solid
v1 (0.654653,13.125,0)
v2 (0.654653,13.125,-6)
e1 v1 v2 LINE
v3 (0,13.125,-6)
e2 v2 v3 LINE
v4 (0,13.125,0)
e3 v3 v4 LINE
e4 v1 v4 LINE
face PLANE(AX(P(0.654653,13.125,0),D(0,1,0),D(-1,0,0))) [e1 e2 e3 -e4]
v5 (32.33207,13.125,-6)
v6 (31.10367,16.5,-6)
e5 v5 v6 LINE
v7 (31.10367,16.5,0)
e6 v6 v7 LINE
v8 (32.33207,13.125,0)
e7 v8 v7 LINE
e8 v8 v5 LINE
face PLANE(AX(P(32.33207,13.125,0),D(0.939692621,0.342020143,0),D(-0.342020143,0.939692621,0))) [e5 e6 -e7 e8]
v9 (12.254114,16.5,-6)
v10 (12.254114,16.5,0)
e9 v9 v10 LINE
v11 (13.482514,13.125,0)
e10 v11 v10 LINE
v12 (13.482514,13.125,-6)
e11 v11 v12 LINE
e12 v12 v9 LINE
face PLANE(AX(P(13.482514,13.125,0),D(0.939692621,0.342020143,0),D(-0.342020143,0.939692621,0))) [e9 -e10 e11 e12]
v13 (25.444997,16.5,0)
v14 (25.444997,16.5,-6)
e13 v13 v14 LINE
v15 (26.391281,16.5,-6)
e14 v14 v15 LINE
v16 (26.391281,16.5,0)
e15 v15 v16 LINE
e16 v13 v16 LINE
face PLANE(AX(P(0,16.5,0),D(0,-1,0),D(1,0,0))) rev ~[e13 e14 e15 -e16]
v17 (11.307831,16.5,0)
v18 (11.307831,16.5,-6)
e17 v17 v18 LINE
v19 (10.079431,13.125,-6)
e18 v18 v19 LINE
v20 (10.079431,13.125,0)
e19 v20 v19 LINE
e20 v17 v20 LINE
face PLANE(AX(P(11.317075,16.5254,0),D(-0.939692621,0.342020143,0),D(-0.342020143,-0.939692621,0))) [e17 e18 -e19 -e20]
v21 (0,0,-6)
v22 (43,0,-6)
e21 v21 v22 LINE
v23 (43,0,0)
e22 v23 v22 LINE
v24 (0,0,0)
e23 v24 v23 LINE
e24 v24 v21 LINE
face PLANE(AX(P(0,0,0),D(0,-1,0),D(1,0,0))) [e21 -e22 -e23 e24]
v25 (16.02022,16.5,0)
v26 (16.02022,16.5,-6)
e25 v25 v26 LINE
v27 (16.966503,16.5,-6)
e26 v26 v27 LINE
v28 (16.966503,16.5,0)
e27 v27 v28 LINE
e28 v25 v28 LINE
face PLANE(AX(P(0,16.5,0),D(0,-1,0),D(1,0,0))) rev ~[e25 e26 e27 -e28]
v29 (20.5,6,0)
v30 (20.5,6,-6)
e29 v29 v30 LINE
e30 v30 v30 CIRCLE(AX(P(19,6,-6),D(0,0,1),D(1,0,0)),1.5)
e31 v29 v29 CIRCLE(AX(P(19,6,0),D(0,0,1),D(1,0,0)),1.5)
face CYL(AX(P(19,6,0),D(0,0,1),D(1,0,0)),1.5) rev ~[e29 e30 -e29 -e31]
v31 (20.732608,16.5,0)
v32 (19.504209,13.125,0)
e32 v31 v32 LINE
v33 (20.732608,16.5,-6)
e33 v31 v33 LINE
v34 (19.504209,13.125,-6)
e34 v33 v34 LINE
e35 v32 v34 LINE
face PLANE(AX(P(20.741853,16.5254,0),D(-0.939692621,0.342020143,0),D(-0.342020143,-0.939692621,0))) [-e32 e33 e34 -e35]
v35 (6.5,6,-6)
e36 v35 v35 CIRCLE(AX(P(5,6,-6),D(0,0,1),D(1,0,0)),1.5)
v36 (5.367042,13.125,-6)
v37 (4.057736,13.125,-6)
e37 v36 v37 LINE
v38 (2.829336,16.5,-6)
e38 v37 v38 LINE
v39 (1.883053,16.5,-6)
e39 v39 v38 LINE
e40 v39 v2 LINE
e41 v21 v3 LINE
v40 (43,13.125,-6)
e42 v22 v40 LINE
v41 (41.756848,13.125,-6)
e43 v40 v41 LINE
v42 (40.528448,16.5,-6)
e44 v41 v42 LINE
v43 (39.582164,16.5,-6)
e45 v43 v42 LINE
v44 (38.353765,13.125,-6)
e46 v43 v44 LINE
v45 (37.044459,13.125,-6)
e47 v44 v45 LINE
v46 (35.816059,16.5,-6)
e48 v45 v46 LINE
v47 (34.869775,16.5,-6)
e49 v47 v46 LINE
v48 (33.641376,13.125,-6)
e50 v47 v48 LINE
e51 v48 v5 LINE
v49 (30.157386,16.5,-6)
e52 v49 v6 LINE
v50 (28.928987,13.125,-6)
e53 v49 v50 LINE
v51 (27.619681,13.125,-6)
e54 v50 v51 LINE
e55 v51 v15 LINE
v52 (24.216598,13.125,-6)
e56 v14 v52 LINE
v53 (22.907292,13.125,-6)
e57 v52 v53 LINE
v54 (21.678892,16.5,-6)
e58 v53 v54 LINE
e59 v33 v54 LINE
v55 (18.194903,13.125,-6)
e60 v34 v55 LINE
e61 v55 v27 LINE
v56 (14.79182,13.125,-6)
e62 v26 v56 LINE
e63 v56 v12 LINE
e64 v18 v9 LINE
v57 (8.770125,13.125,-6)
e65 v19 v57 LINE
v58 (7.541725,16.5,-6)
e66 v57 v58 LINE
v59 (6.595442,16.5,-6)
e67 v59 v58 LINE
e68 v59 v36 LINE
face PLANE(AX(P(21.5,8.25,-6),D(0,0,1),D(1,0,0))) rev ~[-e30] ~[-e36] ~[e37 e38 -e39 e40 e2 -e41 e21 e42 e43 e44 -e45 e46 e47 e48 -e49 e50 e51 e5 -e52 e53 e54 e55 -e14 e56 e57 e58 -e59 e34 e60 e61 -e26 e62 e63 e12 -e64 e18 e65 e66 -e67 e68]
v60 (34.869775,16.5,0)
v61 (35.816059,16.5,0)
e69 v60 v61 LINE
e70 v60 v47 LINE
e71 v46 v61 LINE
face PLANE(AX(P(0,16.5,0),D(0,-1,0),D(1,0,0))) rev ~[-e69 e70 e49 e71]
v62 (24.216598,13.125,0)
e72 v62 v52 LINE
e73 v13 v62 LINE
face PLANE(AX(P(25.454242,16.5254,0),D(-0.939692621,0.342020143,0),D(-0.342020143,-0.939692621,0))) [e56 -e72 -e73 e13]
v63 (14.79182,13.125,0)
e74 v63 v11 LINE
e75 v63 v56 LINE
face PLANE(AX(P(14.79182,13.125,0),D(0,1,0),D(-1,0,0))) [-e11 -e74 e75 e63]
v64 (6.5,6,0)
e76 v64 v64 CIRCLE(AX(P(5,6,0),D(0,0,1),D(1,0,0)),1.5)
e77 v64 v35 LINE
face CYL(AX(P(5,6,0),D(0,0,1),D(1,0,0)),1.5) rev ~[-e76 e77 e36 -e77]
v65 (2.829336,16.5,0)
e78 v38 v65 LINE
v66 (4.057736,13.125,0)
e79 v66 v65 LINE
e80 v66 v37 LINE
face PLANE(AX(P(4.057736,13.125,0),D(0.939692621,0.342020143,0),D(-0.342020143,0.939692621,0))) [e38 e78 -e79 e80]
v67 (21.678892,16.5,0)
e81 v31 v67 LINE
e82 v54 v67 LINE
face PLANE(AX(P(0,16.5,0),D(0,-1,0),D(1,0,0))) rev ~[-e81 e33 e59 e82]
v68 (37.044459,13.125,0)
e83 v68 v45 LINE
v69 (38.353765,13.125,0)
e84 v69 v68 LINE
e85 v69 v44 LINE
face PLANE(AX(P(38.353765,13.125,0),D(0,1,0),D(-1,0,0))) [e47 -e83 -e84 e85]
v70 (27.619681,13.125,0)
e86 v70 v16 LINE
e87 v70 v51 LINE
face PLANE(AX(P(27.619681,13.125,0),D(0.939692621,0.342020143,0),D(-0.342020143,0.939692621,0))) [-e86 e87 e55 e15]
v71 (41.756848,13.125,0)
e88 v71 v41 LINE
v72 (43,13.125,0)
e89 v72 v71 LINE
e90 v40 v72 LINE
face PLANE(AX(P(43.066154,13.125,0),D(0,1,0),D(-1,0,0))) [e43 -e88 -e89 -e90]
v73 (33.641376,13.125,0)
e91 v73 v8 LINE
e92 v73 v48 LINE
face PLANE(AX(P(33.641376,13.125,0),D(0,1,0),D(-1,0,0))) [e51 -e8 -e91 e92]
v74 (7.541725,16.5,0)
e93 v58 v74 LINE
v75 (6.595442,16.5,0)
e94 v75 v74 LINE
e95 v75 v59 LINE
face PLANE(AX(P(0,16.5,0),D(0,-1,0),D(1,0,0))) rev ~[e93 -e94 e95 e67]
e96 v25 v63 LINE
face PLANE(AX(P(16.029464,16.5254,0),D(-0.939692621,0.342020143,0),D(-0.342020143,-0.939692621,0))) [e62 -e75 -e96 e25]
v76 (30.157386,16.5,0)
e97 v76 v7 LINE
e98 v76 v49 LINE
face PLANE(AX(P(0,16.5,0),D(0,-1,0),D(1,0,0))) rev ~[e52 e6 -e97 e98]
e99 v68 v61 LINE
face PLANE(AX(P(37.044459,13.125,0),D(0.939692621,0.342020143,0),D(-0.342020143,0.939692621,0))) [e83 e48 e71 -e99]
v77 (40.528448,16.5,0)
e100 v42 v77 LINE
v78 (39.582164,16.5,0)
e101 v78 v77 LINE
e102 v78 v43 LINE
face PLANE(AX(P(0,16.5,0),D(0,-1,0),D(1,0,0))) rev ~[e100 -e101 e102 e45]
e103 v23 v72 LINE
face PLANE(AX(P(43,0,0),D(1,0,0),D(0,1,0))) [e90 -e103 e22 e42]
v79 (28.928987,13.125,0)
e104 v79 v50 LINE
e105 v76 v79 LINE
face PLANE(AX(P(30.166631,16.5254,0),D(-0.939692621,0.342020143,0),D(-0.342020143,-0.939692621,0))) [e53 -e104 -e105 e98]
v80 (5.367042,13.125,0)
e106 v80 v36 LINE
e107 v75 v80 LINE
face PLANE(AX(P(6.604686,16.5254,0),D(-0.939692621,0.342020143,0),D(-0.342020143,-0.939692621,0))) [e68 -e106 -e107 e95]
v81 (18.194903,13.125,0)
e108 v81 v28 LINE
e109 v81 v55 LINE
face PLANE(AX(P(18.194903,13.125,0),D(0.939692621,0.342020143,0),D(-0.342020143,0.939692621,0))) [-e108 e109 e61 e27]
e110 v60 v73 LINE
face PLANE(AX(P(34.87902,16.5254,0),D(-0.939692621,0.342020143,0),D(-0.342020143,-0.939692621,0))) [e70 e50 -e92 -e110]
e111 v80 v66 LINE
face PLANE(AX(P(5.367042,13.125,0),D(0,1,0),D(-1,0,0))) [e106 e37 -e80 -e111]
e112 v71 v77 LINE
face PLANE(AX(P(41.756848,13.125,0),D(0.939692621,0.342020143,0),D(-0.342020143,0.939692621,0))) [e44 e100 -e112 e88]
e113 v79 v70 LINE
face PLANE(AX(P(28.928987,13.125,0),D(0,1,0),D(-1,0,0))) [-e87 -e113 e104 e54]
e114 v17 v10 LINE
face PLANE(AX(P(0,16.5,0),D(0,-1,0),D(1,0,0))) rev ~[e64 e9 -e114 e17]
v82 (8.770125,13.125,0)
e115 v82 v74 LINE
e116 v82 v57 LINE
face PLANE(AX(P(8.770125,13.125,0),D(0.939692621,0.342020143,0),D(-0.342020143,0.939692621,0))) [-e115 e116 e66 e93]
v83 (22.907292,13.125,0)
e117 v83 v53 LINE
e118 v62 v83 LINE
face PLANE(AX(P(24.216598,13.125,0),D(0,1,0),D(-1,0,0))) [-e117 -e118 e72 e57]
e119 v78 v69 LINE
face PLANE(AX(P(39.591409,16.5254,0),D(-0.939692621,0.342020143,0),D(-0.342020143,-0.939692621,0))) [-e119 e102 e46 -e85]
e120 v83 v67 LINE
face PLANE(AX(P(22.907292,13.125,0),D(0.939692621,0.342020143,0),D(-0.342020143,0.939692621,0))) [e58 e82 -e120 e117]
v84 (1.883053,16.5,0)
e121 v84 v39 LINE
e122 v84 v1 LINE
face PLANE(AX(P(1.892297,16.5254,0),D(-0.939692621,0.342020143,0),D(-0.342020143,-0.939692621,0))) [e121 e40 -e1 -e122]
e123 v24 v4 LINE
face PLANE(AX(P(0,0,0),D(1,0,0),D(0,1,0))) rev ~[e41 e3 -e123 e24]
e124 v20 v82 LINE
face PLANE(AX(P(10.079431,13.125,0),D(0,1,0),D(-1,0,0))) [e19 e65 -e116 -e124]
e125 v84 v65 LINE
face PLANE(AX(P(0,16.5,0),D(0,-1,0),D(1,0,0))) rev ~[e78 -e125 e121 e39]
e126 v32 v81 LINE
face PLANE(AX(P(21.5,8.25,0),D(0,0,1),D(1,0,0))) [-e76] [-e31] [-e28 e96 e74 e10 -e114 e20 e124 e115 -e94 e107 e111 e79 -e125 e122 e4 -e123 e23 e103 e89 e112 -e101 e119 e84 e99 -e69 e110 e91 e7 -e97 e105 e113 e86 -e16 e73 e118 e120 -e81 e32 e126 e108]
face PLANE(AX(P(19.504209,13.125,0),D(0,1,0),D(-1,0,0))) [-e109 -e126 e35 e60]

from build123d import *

# Parameters (mm, degrees)
BLANKSKE_W              = 43
BLANKSKE_H              = 16.5
BLANK_DEPTH             = 6
TOOTHCUTSIM_DEPTH       = 47.446205442
TEETHCUTS_COUNT         = 10
TEETHCUTS_PITCH         = 4.712388975
ESQUISSE1_R             = 1.5
ENL_V_MAT_EXTRU_1_DEPTH = 6


with BuildPart() as part:
    # BlankSke → Blank (new body)
    with BuildSketch(Plane.XY):
        with Locations((21.5, 8.25)):
            Rectangle(BLANKSKE_W, BLANKSKE_H)
    extrude(amount=-BLANK_DEPTH)

    # TooCutSkeSim → ToothCutSim (cut, through all)
    with BuildSketch(Plane.XY):
        Polygon((0.654653055, 13.125), (-0.654653055, 13.125), (-1.892297439, 16.5254), (1.892297439, 16.5254), align=None)
    toothcutsim = extrude(amount=-TOOTHCUTSIM_DEPTH, mode=Mode.SUBTRACT)

    # TeethCuts: ToothCutSim ×10
    with Locations(*[(i * TEETHCUTS_PITCH, 0, 0) for i in range(1, TEETHCUTS_COUNT)]):
        add(toothcutsim, mode=Mode.SUBTRACT)

    # Esquisse1 → Enlèv. mat.-Extru.1 (cut)
    with BuildSketch(Plane.XY):
        with Locations((5, 6)):
            Circle(ESQUISSE1_R)
        with Locations((19, 6)):
            Circle(ESQUISSE1_R)
    extrude(amount=-ENL_V_MAT_EXTRU_1_DEPTH, mode=Mode.SUBTRACT)


solid = part.part
